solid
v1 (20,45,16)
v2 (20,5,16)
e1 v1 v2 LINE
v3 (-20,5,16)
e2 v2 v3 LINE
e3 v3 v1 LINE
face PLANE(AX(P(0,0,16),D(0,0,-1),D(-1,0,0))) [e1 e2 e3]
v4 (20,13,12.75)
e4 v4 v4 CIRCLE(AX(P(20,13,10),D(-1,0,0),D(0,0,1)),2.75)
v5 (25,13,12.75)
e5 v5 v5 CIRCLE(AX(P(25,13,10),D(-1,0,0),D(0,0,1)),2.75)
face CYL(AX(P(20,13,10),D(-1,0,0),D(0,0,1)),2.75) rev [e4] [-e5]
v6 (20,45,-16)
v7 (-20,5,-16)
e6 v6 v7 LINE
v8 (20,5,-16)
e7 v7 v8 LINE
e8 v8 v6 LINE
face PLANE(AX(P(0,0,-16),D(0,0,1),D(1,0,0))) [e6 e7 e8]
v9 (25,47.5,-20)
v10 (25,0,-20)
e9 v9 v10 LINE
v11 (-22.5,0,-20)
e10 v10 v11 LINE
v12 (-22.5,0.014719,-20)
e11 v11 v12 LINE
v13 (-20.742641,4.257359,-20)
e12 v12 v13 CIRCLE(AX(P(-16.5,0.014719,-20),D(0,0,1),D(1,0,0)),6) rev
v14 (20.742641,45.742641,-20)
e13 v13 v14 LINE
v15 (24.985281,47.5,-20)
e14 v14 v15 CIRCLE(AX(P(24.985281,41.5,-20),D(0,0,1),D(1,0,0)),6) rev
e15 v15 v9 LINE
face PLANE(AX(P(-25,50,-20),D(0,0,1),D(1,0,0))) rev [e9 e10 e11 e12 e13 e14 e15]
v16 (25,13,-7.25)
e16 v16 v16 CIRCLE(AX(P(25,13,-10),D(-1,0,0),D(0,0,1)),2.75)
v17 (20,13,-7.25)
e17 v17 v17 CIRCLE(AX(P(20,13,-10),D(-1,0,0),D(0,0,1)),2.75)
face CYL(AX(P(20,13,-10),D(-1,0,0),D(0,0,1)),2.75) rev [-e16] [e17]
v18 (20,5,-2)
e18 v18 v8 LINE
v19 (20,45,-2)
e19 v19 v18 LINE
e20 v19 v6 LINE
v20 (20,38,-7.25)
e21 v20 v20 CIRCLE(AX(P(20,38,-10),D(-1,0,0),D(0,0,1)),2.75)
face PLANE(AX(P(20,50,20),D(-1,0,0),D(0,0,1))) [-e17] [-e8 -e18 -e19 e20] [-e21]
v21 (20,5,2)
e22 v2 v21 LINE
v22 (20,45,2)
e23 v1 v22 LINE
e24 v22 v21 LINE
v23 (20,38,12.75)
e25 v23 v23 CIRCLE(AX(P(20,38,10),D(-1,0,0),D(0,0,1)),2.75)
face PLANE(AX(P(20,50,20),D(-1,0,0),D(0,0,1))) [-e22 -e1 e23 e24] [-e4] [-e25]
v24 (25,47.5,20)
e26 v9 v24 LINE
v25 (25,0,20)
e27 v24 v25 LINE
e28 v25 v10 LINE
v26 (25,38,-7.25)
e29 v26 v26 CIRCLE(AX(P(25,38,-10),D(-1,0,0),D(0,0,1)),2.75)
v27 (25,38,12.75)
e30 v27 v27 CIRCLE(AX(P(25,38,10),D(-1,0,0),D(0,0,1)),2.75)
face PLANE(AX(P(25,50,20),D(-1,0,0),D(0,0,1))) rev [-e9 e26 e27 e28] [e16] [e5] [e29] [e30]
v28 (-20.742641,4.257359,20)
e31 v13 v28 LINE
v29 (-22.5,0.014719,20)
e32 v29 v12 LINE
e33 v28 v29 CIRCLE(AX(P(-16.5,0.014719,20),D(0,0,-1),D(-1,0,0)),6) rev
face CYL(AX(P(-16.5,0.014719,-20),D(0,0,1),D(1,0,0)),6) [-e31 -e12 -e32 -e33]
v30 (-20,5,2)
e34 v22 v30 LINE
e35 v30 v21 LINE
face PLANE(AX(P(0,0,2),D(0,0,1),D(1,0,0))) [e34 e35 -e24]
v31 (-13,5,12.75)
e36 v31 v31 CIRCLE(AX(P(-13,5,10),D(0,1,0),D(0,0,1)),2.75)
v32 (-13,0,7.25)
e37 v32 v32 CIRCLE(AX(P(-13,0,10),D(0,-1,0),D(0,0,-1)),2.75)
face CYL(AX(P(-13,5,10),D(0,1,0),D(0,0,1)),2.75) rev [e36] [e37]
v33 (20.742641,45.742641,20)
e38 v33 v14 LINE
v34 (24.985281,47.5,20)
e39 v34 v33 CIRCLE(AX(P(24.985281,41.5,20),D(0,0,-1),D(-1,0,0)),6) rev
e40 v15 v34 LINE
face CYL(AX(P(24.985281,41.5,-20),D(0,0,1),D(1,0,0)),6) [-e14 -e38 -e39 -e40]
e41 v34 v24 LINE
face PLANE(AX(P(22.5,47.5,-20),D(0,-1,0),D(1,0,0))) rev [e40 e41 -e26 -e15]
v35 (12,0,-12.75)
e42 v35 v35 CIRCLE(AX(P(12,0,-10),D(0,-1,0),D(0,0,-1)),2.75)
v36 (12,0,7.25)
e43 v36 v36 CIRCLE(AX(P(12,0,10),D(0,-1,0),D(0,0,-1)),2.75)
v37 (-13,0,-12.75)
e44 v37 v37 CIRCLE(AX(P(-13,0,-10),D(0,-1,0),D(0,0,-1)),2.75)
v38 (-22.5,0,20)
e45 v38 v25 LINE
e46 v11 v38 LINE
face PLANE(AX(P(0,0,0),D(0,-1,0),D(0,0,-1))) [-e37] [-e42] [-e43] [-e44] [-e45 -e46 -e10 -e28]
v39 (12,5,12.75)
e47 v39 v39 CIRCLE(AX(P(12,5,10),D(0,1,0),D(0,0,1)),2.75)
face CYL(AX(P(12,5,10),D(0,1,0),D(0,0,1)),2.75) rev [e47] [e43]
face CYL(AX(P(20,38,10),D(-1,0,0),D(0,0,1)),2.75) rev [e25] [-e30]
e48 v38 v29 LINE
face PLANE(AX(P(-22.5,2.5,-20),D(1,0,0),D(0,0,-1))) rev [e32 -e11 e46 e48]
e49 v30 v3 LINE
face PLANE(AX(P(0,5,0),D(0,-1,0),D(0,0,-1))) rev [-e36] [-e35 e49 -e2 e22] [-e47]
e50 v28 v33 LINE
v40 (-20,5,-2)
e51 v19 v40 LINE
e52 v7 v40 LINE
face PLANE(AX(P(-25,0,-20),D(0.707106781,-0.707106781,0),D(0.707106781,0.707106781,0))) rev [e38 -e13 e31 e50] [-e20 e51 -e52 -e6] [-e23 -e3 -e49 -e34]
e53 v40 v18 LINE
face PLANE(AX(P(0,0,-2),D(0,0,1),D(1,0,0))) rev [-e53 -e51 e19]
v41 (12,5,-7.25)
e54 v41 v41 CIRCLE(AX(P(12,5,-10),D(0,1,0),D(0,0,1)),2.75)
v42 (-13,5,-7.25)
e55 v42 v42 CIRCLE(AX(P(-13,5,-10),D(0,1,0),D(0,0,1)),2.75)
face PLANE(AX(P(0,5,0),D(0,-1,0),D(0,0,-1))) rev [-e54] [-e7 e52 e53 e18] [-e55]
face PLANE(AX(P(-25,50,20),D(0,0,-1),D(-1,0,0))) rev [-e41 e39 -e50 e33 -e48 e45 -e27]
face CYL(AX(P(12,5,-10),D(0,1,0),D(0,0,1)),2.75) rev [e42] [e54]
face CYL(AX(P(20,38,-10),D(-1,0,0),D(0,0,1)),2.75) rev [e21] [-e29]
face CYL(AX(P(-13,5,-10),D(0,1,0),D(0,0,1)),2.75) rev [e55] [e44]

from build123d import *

# Parameters (mm, degrees)
SKETCH1_W                = 50
SKETCH1_H                = 40
BOSS_EXTRUDE1_DEPTH      = 50
CUT_EXTRUDE1_DEPTH       = 69.738635424
SHELL1_T                 = -5
M5_CLEARANCE_HOLE1_D     = 5.5
M5_CLEARANCE_HOLE1_DEPTH = 12
M5_CLEARANCE_HOLE1_TIP   = 1.652366702
CUT_EXTRUDE2_DEPTH       = 1
CUT_EXTRUDE3_DEPTH       = 1
CUT_EXTRUDE4_DEPTH       = 69.738635424
FILLET2_R                = 6
M5_CLEARANCE_HOLE2_D     = 5.5
M5_CLEARANCE_HOLE2_DEPTH = 12
M5_CLEARANCE_HOLE2_TIP   = 1.652366702
BOSS_EXTRUDE2_DEPTH      = 2
BOSS_EXTRUDE2_DEPTH_BACK = 2


with BuildPart() as part:
    # Sketch1 → Boss-Extrude1 (new body)
    with BuildSketch(Plane(origin=(0, 0, 0), x_dir=(1, 0, 0), z_dir=(0, 1, 0))):
        Rectangle(SKETCH1_W, SKETCH1_H)
    extrude(amount=BOSS_EXTRUDE1_DEPTH)

    # Sketch2 → Cut-Extrude1 (cut, through all)
    with BuildSketch(Plane.XY.offset(20)):
        Polygon((-25, 0), (25, 50), (-25, 50), align=None)
    extrude(amount=-CUT_EXTRUDE1_DEPTH, mode=Mode.SUBTRACT)

    # Shell1
    shell1_openings = [part.faces().sort_by_distance(p)[0] for p in [
        (0, 25, 0),
    ]]
    offset(amount=SHELL1_T, openings=shell1_openings, kind=Kind.INTERSECTION)

    # M5 Clearance Hole1
    with Locations(Plane.ZY.offset(-20)):
        with Locations((-10, 38), (-10, 13), (10, 13), (10, 38)):
            Hole(M5_CLEARANCE_HOLE1_D / 2, depth=M5_CLEARANCE_HOLE1_DEPTH)
            with Locations((0, 0, -(M5_CLEARANCE_HOLE1_DEPTH + M5_CLEARANCE_HOLE1_TIP / 2))):  # 118° drill point
                Cone(0, M5_CLEARANCE_HOLE1_D / 2, M5_CLEARANCE_HOLE1_TIP, mode=Mode.SUBTRACT)

    # Sketch5 → Cut-Extrude2 (cut)
    with BuildSketch(Plane.XY.offset(-15)):
        Polygon((-20, 5), (20, 5), (20, 45), align=None)
    extrude(amount=-CUT_EXTRUDE2_DEPTH, mode=Mode.SUBTRACT)

    # Sketch6 → Cut-Extrude3 (cut)
    with BuildSketch(Plane(origin=(0, 0, 15), x_dir=(-1, 0, 0), z_dir=(0, 0, -1))):
        Polygon((-20, 45), (-20, 5), (20, 5), align=None)
    extrude(amount=-CUT_EXTRUDE3_DEPTH, mode=Mode.SUBTRACT)

    # Sketch7 → Cut-Extrude4 (cut, through all)
    with BuildSketch(Plane.XY.offset(20)):
        Polygon((-22.5, 2.5), (-22.5, 0), (-25, 0), align=None)
        Polygon((22.5, 47.5), (25, 47.5), (25, 50), align=None)
    extrude(amount=-CUT_EXTRUDE4_DEPTH, mode=Mode.SUBTRACT)

    # Fillet2
    fillet2_edges = [part.edges().sort_by_distance(p)[0] for p in [
        (-22.5, 2.5, 0),
        (22.5, 47.5, 0),
    ]]
    fillet(fillet2_edges, radius=FILLET2_R)

    # M5 Clearance Hole2
    with Locations(Plane(origin=(0, 5, 0), x_dir=(1, 0, 0), z_dir=(0, 1, 0))):
        with Locations((12, 10), (12, -10), (-13, 10), (-13, -10)):
            Hole(M5_CLEARANCE_HOLE2_D / 2, depth=M5_CLEARANCE_HOLE2_DEPTH)
            with Locations((0, 0, -(M5_CLEARANCE_HOLE2_DEPTH + M5_CLEARANCE_HOLE2_TIP / 2))):  # 118° drill point
                Cone(0, M5_CLEARANCE_HOLE2_D / 2, M5_CLEARANCE_HOLE2_TIP, mode=Mode.SUBTRACT)

    # Sketch10 → Boss-Extrude2 (add, two sides: drawn at the far end of the back side and taken through both)
    with BuildSketch(Plane.XY.offset(-BOSS_EXTRUDE2_DEPTH_BACK)):
        Polygon((20, 45), (20, 5), (-20, 5), align=None)
    extrude(amount=BOSS_EXTRUDE2_DEPTH + BOSS_EXTRUDE2_DEPTH_BACK)


solid = part.part
